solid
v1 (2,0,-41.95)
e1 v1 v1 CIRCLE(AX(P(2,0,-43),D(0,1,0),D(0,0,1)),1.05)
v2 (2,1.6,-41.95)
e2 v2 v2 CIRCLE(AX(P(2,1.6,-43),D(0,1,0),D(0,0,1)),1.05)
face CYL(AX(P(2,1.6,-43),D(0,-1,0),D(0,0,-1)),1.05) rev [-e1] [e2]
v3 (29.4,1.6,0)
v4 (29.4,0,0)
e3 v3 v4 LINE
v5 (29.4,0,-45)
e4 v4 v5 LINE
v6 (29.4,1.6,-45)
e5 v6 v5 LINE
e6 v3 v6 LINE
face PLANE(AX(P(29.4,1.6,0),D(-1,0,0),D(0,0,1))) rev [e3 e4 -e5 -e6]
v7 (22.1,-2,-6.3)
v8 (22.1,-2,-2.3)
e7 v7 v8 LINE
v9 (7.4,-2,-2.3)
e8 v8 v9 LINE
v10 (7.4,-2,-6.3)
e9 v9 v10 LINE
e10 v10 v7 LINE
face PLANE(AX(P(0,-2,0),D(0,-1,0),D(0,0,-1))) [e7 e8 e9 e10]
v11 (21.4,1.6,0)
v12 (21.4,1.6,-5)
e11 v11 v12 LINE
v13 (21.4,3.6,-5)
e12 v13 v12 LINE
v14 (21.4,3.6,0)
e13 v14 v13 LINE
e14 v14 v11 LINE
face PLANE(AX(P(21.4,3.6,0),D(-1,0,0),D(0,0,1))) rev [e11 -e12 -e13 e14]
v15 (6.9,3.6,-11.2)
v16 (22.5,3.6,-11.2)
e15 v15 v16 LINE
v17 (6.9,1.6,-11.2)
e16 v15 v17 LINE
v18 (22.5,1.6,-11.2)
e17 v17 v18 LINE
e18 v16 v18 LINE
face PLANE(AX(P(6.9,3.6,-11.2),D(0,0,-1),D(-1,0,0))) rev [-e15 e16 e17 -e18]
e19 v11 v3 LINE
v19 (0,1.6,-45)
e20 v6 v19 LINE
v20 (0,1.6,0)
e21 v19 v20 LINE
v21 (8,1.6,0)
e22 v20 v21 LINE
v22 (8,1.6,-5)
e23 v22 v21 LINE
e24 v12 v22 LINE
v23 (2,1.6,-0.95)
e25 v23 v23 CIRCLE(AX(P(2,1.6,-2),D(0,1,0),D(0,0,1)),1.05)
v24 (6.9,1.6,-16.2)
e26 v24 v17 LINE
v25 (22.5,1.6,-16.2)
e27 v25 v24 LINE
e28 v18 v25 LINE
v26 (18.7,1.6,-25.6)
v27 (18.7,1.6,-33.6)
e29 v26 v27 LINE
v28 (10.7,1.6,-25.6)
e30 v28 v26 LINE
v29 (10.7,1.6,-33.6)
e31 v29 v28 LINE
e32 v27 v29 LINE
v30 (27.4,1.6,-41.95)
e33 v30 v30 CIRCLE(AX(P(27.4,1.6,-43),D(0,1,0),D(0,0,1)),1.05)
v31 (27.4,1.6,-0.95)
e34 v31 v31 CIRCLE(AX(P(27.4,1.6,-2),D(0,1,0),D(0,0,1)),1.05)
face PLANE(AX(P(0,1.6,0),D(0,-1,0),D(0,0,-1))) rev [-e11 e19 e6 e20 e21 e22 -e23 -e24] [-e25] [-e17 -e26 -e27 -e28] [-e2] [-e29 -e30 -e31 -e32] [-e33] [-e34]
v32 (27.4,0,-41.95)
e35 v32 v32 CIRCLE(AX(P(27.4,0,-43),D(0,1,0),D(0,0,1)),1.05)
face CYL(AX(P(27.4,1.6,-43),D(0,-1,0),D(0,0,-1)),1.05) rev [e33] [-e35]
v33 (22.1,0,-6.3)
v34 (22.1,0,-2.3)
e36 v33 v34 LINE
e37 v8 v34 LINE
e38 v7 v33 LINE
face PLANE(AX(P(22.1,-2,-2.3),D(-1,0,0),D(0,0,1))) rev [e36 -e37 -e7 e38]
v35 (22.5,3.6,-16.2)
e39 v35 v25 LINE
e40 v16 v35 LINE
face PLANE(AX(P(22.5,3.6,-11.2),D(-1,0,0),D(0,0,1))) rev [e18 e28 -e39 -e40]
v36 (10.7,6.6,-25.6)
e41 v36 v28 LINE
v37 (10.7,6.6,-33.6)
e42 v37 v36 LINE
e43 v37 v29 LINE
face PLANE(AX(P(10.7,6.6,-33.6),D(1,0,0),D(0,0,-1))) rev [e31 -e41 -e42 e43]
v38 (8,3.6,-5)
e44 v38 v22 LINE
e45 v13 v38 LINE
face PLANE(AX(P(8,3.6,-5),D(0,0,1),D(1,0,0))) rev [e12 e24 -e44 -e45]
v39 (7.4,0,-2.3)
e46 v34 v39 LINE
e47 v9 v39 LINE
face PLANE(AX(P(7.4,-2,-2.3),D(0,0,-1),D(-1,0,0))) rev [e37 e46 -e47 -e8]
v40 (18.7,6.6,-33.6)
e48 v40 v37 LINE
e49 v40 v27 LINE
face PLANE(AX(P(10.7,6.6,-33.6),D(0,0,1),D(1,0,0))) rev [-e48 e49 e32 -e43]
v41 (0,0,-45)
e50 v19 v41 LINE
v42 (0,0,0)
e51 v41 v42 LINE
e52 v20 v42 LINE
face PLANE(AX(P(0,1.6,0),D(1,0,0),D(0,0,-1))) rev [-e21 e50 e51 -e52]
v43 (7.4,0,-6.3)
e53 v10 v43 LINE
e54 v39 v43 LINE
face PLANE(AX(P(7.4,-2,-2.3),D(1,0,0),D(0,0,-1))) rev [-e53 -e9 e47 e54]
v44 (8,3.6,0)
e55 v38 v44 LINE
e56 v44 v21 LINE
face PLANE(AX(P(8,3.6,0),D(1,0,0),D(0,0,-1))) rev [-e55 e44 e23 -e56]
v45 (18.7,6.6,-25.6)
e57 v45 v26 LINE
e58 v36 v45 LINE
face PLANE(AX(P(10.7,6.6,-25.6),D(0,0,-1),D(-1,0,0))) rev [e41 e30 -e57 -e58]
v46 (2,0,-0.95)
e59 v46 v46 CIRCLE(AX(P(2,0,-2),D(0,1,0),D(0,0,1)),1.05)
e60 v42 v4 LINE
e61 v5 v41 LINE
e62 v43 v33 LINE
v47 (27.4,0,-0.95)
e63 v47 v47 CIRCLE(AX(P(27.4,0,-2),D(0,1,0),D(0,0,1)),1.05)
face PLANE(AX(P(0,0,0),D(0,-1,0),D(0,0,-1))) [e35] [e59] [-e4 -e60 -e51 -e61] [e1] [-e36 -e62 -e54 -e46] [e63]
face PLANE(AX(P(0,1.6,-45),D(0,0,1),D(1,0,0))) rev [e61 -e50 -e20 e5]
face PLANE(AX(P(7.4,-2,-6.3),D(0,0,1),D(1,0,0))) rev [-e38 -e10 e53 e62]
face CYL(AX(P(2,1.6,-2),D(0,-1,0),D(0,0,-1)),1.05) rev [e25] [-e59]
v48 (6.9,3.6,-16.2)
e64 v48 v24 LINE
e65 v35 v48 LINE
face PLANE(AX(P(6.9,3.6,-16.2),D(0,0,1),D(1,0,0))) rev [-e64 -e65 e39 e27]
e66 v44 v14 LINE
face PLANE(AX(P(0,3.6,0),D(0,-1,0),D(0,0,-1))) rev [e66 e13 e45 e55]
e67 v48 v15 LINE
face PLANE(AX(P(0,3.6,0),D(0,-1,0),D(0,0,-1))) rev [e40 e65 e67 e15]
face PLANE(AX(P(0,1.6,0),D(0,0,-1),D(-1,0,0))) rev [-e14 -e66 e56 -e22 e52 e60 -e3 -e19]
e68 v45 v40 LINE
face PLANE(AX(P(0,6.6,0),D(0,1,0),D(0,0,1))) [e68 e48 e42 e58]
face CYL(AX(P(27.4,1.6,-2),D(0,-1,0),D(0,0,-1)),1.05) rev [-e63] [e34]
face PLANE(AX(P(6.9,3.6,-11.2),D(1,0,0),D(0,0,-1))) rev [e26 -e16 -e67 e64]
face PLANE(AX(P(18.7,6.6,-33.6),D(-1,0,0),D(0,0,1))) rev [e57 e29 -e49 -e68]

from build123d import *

# Parameters (mm, degrees)
SKETCH_2_W      = 29.4
SKETCH_2_H      = 45
SKETCH_2_R      = 1.05
EXTRUDE_1_DEPTH = 1.6
SKETCH_3_W      = 13.4
SKETCH_3_H      = 5
SKETCH_3_W_2    = 15.6
EXTRUDE_2_DEPTH = 2
SKETCH_4_W      = 14.7
SKETCH_4_H      = 4
EXTRUDE_3_DEPTH = 2
SKETCH_5_W      = 8
SKETCH_5_H      = 8
EXTRUDE_4_DEPTH = 5


with BuildPart() as part:
    # 草图2 → 凸台-拉伸1 (new body)
    with BuildSketch(Plane(origin=(0, 0, 0), x_dir=(1, 0, 0), z_dir=(0, 1, 0))):
        with Locations((14.7, 22.5)):
            Rectangle(SKETCH_2_W, SKETCH_2_H)
        with Locations(Location((2, 43, 0), (0, 0, 270))):
            Circle(SKETCH_2_R, mode=Mode.SUBTRACT)
        with Locations(Location((27.4, 43, 0), (0, 0, 270))):
            Circle(SKETCH_2_R, mode=Mode.SUBTRACT)
        with Locations(Location((2, 2, 0), (0, 0, 270))):
            Circle(SKETCH_2_R, mode=Mode.SUBTRACT)
        with Locations(Location((27.4, 2, 0), (0, 0, 270))):
            Circle(SKETCH_2_R, mode=Mode.SUBTRACT)
    extrude(amount=EXTRUDE_1_DEPTH)

    # 草图3 → 凸台-拉伸2 (add)
    with BuildSketch(Plane(origin=(0, 1.6, 0), x_dir=(1, 0, 0), z_dir=(0, 1, 0))):
        with Locations((14.7, 2.5)):
            Rectangle(SKETCH_3_W, SKETCH_3_H)
        with Locations((14.7, 13.7)):
            Rectangle(SKETCH_3_W_2, SKETCH_3_H)
    extrude(amount=EXTRUDE_2_DEPTH)

    # 草图4 → 凸台-拉伸3 (add)
    with BuildSketch(Plane.XZ):
        with Locations((14.75, -4.3)):
            Rectangle(SKETCH_4_W, SKETCH_4_H)
    extrude(amount=EXTRUDE_3_DEPTH)

    # 草图5 → 凸台-拉伸4 (add)
    with BuildSketch(Plane(origin=(0, 1.6, 0), x_dir=(1, 0, 0), z_dir=(0, 1, 0))):
        with Locations((14.7, 29.6)):
            Rectangle(SKETCH_5_W, SKETCH_5_H)
    extrude(amount=EXTRUDE_4_DEPTH)


solid = part.part
